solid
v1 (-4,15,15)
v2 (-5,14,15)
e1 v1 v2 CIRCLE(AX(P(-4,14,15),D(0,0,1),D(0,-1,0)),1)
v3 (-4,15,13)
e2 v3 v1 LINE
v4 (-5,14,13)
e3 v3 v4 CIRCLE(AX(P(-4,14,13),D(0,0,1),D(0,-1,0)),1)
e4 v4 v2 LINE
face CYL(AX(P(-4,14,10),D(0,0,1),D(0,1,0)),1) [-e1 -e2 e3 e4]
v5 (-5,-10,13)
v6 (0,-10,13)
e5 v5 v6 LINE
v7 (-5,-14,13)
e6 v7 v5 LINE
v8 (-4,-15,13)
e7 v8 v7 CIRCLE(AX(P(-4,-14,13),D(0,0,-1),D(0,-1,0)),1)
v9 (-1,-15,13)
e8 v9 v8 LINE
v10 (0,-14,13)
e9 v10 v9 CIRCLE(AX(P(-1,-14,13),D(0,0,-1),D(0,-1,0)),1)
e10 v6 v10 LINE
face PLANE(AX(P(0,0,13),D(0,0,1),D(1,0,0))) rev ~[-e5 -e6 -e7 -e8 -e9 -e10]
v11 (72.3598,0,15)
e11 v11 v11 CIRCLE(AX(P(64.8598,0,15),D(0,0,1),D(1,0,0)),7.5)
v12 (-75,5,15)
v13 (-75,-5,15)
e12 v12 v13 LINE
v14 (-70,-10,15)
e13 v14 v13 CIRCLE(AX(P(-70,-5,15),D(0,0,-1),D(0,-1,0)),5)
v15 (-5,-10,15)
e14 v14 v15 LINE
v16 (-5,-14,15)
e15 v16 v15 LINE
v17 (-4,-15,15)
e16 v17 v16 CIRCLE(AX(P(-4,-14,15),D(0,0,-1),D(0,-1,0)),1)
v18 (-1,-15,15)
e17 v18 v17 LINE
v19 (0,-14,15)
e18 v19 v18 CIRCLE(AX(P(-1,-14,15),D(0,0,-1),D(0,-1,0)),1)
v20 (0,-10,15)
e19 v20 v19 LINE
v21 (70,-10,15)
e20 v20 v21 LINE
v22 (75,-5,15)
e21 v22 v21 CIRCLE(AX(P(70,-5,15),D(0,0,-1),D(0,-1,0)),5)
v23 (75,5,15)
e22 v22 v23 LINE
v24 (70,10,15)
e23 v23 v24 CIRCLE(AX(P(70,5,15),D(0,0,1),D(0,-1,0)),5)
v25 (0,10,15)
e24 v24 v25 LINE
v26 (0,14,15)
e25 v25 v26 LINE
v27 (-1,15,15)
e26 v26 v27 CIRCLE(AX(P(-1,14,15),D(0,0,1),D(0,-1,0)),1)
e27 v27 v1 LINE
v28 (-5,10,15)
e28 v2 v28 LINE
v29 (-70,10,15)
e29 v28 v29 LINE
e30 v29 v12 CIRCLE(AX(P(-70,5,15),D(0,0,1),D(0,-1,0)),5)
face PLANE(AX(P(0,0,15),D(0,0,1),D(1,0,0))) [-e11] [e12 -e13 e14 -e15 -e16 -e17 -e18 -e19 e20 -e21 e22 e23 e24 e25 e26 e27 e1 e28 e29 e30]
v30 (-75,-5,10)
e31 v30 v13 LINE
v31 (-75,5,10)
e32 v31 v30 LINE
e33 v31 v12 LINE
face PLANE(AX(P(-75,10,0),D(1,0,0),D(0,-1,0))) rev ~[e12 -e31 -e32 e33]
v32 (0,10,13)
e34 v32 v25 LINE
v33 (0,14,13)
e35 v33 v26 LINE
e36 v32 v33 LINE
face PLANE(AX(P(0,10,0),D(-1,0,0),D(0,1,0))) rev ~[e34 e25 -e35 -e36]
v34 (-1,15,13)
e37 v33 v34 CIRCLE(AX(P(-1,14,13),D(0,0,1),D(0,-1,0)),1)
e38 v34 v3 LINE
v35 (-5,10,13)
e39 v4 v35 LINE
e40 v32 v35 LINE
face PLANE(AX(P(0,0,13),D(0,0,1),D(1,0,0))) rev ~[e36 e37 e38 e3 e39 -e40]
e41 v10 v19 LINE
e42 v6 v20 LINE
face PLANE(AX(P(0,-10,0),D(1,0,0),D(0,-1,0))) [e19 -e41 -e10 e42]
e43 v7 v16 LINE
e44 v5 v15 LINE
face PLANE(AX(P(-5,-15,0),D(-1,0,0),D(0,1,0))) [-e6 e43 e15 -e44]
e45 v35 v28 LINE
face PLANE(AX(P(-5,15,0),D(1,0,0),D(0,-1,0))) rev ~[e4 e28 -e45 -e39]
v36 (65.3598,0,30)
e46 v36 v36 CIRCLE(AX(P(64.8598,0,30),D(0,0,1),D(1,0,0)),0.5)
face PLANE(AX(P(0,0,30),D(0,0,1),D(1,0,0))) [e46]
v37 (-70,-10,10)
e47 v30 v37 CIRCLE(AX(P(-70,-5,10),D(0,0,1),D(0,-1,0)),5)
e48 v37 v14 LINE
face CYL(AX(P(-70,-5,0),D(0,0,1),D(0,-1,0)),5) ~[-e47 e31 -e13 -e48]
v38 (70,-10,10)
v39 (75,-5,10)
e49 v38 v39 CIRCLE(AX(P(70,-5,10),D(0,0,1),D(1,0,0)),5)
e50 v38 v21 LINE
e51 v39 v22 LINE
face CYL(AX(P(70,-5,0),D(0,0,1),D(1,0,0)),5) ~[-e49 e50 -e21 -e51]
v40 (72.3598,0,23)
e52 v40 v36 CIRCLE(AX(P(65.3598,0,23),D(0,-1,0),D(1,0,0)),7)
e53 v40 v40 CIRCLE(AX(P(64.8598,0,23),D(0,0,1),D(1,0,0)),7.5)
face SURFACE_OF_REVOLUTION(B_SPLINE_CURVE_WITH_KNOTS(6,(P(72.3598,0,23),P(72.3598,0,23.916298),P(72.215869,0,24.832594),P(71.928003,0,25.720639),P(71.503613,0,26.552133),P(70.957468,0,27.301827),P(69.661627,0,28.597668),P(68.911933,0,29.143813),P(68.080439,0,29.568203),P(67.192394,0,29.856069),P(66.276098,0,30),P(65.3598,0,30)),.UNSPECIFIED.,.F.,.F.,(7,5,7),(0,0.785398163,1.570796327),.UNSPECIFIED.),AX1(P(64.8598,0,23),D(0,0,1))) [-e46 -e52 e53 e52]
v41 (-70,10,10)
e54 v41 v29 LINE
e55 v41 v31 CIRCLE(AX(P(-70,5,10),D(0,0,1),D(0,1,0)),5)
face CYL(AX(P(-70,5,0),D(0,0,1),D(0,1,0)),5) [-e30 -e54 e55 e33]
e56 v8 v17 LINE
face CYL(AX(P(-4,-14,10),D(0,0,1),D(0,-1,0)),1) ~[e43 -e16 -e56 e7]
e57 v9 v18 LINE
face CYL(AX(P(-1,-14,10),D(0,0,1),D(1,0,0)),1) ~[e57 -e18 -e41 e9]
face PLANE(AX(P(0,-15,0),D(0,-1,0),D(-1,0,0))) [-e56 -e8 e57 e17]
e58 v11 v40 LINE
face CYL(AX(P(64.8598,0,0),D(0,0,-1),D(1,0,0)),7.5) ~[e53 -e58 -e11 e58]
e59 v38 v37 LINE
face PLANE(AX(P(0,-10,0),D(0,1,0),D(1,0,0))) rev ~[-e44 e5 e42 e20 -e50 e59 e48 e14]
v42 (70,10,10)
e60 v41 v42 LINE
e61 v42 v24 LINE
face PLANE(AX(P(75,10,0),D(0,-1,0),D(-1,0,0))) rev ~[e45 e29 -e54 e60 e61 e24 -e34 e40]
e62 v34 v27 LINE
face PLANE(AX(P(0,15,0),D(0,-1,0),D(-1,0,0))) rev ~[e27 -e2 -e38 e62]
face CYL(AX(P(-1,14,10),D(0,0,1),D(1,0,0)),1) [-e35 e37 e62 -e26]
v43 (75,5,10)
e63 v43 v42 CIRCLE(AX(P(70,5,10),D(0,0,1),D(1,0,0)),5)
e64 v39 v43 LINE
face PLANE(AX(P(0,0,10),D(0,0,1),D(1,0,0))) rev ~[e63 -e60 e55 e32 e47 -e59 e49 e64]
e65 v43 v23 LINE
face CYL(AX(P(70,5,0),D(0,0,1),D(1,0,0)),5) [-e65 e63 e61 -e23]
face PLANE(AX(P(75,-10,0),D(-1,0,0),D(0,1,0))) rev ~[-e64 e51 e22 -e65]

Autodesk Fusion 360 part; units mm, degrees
sketch "Esquisse1" plane through (0, 0, 0) normal (0, 0, 1) x (1, 0, 0)
  line L0 (75, 10) -> (-75, 10)
  line L1 (-75, 10) -> (-75, -10)
  line L2 (-75, -10) -> (75, -10)
  line L3 (75, -10) -> (75, 10)
  line L4 (75, 10) -> (-75, -10) construction
  line L5 (-75, 10) -> (75, -10) construction
  line L6 (-5, 10) -> (0, 10)
  line L7 (0, 10) -> (0, 15)
  line L8 (0, 15) -> (-5, 15)
  line L9 (-5, 15) -> (-5, 10)
  line L10 (-5, -10) -> (0, -10)
  line L11 (0, -10) -> (0, -15)
  line L12 (0, -15) -> (-5, -15)
  line L13 (-5, -15) -> (-5, -10)
  circle A0 centre (64.8598, 0) radius 7.5
  dimension "d1" = 150
  dimension "d2" = 20
  dimension "d3" = 5
  dimension "d4" = 5
  dimension "d5" = 70
  dimension "d6" = 5
  dimension "d7" = 5
  dimension "d8" = 15
  dimension "d35" = 70
extrude "Extrusion1" add sketch "Esquisse1" along normal blind 15
extrude "Extrusion2" cut sketch "Esquisse1" along normal blind 6 contours L0 L6 L7 L8 L9 | L2 L10 L11 L12 L13
fillet "Congé1" radius 5 4 edges at (-75, 10, 7.5) (-75, -10, 7.5) (75, 10, 7.5) (75, -10, 7.5)
extrude "Extrusion3" cut sketch "Esquisse1" along normal blind 3 contours L0 L1 L2 L3 L6 L10
extrude "Extrusion4" cut 2 faces at (-3.3333, -11.6667, 6) (-1.6667, 11.6667, 6) along direction (0, 0, 1) blind 4
fillet "Congé2" radius 1 4 edges at (-5, -15, 12.5) (0, -15, 12.5) (-5, 15, 12.5) (0, 15, 12.5)
extrude "Extrusion5" add sketch "Esquisse1" along normal blind 30 contours A0
extrude "Extrusion6" cut sketch "Esquisse1" along normal blind 3 contours A0
fillet "Congé3" radius 7 1 edges at (57.8673, -2.7121, 30)
extrude "Extrusion7" cut 1 faces at (23.3333, -3.3333, 3) along direction (0, 0, 1) blind 5
extrude "Extrusion8" cut 1 faces at (23.3333, -3.3333, 8) along direction (0, 0, 1) blind 1
extrude "Extrusion9" cut 2 faces at (-3.3333, -11.3333, 10) (-3.3333, 11.3333, 10) along direction (0, 0, 1) blind 3
extrude "Extrusion10" cut 1 faces at (23.3333, -3.3333, 9) along direction (0, 0, 1) blind 1
